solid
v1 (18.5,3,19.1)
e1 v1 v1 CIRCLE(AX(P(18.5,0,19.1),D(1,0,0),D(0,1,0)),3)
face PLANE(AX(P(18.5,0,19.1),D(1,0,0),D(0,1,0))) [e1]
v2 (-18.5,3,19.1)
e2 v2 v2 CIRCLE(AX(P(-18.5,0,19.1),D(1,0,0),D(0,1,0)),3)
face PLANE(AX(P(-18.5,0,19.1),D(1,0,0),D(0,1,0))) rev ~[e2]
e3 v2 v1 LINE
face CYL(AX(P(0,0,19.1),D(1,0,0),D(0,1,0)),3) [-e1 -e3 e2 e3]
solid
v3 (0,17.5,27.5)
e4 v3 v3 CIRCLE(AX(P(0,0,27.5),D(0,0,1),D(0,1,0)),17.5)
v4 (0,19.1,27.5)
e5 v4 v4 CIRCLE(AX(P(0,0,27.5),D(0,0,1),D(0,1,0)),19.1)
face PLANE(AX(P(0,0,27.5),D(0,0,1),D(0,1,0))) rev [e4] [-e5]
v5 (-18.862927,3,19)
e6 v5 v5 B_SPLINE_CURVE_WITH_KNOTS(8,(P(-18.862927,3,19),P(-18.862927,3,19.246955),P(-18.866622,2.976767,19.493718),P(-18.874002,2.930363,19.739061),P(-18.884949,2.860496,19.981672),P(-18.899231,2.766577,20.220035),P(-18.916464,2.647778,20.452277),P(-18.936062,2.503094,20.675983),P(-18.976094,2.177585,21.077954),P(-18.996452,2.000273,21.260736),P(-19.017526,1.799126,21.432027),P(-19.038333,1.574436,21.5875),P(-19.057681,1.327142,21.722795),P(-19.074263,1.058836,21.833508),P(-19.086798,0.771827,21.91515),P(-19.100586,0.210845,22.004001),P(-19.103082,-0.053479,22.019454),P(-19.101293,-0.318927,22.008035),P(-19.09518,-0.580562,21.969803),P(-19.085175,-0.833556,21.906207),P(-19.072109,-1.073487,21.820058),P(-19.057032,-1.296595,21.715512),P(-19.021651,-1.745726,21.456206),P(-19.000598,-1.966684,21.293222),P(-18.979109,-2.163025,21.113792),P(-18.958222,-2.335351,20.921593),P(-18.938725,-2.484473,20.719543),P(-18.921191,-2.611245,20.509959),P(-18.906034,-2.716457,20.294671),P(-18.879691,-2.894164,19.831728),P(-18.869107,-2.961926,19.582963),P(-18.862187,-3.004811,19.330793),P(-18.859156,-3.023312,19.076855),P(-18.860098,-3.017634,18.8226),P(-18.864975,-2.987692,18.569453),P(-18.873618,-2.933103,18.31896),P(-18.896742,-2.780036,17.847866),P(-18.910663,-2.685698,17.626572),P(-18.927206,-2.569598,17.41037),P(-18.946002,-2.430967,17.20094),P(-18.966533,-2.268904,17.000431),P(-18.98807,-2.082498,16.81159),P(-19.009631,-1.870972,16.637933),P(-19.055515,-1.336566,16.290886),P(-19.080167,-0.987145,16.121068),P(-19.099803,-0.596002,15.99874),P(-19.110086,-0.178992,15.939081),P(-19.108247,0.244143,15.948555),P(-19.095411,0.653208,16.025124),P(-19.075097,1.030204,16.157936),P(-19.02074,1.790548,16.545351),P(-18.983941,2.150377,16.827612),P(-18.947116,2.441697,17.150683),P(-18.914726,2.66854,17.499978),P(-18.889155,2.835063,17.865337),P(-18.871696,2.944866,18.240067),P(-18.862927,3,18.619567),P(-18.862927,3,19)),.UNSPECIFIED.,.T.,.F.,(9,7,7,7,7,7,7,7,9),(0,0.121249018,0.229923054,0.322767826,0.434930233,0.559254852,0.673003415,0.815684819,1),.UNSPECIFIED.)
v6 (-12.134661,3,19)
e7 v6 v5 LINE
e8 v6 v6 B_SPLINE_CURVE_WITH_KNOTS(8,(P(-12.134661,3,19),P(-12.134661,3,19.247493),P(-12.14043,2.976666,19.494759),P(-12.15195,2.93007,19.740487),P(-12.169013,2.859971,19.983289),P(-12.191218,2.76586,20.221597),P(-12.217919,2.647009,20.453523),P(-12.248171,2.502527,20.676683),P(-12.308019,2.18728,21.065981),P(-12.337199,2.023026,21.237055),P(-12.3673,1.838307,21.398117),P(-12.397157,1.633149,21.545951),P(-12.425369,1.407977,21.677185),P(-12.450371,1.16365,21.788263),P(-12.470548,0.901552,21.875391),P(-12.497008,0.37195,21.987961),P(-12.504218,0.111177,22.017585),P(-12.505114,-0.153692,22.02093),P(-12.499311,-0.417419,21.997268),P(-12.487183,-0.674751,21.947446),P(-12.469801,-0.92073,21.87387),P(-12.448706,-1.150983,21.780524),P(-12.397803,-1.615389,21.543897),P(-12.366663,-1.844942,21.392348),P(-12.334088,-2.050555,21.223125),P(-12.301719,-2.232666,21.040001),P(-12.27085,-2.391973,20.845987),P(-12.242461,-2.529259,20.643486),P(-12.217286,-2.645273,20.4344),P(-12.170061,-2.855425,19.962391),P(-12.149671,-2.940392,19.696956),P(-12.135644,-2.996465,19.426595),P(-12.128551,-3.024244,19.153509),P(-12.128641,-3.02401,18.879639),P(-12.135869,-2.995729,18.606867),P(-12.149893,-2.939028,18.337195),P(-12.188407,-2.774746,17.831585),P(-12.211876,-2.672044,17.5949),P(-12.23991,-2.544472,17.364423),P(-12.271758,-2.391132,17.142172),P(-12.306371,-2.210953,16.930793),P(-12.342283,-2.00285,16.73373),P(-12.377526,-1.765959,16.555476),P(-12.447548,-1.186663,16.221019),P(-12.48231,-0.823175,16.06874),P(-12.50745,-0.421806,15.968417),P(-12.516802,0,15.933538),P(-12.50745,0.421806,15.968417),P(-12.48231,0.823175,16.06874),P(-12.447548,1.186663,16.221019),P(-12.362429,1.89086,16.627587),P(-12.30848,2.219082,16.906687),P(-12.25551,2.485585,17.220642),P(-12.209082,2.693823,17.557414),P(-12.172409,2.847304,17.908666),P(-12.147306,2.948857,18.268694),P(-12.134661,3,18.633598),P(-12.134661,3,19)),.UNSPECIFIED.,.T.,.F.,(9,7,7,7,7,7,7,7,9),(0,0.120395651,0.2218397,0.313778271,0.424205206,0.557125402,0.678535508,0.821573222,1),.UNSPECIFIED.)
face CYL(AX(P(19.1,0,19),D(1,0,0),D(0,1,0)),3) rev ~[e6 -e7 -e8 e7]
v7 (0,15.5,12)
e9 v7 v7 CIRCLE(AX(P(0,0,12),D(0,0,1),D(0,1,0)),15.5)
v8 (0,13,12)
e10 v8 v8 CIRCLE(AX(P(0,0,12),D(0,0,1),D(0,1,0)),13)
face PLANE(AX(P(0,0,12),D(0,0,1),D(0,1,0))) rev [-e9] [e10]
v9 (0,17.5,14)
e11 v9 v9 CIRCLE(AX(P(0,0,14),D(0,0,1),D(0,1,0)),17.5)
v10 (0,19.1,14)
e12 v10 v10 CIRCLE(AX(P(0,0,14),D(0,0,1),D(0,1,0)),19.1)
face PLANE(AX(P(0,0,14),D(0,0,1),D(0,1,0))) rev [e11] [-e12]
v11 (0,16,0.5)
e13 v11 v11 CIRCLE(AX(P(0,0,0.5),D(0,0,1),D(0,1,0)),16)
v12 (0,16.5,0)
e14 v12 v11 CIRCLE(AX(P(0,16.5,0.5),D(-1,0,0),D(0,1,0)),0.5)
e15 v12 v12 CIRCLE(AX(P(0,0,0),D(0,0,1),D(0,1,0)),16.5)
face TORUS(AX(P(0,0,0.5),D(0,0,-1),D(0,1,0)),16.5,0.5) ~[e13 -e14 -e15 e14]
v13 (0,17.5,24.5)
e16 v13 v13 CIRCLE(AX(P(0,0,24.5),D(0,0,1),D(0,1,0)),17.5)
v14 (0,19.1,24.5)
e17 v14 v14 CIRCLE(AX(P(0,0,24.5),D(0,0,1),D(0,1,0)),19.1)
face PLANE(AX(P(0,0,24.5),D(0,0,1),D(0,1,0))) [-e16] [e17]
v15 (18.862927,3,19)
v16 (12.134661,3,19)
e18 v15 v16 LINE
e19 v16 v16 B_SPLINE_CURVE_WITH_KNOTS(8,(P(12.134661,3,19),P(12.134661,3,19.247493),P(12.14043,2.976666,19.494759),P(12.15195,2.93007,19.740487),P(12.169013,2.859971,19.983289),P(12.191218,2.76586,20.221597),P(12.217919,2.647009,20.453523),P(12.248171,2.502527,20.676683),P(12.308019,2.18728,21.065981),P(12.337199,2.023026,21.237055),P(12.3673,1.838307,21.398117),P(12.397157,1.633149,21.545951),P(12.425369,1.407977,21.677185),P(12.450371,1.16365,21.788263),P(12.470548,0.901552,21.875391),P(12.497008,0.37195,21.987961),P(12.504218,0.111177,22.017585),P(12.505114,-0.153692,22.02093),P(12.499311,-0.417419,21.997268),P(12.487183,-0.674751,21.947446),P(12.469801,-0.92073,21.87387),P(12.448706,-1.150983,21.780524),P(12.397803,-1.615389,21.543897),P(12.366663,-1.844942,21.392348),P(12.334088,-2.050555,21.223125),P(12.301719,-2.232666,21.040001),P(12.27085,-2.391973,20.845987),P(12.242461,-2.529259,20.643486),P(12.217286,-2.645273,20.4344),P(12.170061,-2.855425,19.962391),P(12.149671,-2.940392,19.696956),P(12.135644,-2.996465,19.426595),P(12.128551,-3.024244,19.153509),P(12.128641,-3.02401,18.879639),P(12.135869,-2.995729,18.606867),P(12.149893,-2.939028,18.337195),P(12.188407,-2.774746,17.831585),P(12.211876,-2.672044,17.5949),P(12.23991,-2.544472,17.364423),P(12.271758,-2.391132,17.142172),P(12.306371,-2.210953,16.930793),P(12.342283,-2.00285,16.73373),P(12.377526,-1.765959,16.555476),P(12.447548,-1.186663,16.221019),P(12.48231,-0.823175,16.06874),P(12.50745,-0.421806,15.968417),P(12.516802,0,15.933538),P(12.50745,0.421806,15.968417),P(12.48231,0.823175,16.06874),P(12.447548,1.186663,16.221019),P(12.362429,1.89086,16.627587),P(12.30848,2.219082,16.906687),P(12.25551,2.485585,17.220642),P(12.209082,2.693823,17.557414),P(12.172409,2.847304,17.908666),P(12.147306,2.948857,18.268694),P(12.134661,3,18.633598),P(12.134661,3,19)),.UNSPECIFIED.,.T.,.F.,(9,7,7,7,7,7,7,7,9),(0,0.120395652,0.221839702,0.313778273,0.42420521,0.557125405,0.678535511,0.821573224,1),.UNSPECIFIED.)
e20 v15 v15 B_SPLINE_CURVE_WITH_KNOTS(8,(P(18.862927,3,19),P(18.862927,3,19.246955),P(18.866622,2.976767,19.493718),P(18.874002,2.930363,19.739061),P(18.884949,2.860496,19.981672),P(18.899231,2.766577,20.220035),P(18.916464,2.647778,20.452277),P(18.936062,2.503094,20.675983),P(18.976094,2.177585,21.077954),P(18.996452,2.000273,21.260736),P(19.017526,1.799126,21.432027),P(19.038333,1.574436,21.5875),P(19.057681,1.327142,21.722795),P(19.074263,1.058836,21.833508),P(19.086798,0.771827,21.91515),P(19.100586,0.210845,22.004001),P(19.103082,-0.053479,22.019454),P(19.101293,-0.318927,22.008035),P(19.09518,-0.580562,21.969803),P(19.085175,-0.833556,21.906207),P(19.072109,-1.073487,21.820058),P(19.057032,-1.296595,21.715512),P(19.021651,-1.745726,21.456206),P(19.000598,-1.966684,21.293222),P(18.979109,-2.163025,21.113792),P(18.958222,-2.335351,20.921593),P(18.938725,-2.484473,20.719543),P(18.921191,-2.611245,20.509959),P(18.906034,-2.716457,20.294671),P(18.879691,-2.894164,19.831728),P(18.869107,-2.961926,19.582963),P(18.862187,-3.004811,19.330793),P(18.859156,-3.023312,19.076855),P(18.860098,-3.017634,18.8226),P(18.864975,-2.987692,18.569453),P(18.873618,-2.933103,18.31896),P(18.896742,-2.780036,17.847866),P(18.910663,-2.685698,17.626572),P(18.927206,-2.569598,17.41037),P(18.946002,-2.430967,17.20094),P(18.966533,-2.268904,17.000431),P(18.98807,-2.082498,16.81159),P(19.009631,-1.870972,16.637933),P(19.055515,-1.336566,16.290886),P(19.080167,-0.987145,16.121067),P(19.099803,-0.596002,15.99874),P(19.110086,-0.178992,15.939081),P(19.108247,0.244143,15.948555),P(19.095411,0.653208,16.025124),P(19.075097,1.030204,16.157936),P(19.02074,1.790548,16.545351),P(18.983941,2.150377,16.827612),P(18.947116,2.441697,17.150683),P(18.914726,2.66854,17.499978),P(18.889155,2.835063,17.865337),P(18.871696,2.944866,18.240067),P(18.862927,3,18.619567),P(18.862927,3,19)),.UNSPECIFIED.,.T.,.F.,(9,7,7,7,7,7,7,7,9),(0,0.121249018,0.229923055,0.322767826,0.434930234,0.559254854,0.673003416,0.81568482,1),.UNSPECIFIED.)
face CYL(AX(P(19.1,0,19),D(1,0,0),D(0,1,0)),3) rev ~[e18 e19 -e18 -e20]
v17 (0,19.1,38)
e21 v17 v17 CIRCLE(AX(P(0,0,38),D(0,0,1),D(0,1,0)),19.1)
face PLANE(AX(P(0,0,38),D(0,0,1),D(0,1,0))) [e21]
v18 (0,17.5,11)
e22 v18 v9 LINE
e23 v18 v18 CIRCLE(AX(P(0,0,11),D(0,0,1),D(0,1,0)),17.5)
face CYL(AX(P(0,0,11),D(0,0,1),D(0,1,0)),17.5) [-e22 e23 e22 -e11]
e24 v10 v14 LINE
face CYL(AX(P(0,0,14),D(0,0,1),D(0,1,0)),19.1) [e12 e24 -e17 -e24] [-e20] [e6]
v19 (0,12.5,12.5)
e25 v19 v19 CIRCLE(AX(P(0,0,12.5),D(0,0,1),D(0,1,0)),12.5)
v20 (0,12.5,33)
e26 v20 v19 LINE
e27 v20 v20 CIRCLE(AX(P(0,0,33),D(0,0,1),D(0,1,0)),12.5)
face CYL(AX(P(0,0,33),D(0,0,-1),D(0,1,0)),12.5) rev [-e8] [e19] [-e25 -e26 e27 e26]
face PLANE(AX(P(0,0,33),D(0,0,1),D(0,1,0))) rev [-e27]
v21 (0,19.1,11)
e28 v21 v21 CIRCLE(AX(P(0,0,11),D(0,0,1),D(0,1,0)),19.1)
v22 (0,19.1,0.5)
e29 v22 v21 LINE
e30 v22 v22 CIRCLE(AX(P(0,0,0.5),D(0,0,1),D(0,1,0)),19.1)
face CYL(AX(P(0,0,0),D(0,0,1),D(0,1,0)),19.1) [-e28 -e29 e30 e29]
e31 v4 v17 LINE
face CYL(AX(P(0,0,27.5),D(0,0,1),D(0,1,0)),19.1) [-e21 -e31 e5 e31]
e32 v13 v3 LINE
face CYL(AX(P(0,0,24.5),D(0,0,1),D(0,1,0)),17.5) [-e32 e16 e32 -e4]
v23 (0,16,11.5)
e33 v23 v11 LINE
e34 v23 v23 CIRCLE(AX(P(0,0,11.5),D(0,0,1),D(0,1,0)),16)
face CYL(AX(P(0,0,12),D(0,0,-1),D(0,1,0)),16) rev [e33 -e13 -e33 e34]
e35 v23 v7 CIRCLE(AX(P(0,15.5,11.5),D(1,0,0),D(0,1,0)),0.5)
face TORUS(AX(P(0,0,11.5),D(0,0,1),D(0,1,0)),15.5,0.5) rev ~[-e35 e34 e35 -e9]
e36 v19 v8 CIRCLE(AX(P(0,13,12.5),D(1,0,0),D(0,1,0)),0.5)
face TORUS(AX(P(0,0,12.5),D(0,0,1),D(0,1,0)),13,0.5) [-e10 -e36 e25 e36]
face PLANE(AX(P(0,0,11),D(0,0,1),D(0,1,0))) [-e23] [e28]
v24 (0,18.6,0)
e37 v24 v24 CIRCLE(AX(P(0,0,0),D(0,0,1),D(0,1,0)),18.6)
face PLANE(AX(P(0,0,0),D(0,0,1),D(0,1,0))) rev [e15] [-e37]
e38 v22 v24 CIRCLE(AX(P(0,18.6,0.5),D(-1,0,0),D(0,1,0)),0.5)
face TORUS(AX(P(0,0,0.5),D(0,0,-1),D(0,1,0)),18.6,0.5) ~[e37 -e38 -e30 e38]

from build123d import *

# Parameters (mm, degrees)
F3_R     = 3
F4_DEPTH = 38.201
F5_R     = 3
F6_DEPTH = 18.5
F7_R     = 0.5


with BuildPart() as f1:
    # F0 (on Right) → F1 (revolve)
    with BuildSketch(Plane.YZ):
        Polygon((0, 38), (0, 33), (12.5, 33), (12.5, 12), (16, 12), (16, 0), (19.1, 0), (19.1, 11), (17.5, 11), (17.5, 14), (19.1, 14), (19.1, 24.5), (17.5, 24.5), (17.5, 27.5), (19.1, 27.5), (19.1, 38), align=None)
    revolve(axis=Axis((0, 0, 35.5), (0, 0, 1)))

    # F3 (on offset) → F4 (cut, through all)
    with BuildSketch(Plane.YZ.offset(19.1)):
        with Locations((0, 19)):
            Circle(F3_R)
    extrude(amount=-F4_DEPTH, mode=Mode.SUBTRACT)

    # F7
    f7_edges = [f1.edges().sort_by_distance(p)[0] for p in [
        (0, -19.1, 0),
        (0, -16, 0),
        (0, -16, 12),
        (0, -12.5, 12),
    ]]
    fillet(f7_edges, radius=F7_R)


with BuildPart() as f6:
    # F5 (on Right) → F6 (new body, symmetric)
    with BuildSketch(Plane.YZ):
        with Locations((0, 19.1)):
            Circle(F5_R)
    extrude(amount=F6_DEPTH, both=True)


solid = Compound([f1.part, f6.part])
